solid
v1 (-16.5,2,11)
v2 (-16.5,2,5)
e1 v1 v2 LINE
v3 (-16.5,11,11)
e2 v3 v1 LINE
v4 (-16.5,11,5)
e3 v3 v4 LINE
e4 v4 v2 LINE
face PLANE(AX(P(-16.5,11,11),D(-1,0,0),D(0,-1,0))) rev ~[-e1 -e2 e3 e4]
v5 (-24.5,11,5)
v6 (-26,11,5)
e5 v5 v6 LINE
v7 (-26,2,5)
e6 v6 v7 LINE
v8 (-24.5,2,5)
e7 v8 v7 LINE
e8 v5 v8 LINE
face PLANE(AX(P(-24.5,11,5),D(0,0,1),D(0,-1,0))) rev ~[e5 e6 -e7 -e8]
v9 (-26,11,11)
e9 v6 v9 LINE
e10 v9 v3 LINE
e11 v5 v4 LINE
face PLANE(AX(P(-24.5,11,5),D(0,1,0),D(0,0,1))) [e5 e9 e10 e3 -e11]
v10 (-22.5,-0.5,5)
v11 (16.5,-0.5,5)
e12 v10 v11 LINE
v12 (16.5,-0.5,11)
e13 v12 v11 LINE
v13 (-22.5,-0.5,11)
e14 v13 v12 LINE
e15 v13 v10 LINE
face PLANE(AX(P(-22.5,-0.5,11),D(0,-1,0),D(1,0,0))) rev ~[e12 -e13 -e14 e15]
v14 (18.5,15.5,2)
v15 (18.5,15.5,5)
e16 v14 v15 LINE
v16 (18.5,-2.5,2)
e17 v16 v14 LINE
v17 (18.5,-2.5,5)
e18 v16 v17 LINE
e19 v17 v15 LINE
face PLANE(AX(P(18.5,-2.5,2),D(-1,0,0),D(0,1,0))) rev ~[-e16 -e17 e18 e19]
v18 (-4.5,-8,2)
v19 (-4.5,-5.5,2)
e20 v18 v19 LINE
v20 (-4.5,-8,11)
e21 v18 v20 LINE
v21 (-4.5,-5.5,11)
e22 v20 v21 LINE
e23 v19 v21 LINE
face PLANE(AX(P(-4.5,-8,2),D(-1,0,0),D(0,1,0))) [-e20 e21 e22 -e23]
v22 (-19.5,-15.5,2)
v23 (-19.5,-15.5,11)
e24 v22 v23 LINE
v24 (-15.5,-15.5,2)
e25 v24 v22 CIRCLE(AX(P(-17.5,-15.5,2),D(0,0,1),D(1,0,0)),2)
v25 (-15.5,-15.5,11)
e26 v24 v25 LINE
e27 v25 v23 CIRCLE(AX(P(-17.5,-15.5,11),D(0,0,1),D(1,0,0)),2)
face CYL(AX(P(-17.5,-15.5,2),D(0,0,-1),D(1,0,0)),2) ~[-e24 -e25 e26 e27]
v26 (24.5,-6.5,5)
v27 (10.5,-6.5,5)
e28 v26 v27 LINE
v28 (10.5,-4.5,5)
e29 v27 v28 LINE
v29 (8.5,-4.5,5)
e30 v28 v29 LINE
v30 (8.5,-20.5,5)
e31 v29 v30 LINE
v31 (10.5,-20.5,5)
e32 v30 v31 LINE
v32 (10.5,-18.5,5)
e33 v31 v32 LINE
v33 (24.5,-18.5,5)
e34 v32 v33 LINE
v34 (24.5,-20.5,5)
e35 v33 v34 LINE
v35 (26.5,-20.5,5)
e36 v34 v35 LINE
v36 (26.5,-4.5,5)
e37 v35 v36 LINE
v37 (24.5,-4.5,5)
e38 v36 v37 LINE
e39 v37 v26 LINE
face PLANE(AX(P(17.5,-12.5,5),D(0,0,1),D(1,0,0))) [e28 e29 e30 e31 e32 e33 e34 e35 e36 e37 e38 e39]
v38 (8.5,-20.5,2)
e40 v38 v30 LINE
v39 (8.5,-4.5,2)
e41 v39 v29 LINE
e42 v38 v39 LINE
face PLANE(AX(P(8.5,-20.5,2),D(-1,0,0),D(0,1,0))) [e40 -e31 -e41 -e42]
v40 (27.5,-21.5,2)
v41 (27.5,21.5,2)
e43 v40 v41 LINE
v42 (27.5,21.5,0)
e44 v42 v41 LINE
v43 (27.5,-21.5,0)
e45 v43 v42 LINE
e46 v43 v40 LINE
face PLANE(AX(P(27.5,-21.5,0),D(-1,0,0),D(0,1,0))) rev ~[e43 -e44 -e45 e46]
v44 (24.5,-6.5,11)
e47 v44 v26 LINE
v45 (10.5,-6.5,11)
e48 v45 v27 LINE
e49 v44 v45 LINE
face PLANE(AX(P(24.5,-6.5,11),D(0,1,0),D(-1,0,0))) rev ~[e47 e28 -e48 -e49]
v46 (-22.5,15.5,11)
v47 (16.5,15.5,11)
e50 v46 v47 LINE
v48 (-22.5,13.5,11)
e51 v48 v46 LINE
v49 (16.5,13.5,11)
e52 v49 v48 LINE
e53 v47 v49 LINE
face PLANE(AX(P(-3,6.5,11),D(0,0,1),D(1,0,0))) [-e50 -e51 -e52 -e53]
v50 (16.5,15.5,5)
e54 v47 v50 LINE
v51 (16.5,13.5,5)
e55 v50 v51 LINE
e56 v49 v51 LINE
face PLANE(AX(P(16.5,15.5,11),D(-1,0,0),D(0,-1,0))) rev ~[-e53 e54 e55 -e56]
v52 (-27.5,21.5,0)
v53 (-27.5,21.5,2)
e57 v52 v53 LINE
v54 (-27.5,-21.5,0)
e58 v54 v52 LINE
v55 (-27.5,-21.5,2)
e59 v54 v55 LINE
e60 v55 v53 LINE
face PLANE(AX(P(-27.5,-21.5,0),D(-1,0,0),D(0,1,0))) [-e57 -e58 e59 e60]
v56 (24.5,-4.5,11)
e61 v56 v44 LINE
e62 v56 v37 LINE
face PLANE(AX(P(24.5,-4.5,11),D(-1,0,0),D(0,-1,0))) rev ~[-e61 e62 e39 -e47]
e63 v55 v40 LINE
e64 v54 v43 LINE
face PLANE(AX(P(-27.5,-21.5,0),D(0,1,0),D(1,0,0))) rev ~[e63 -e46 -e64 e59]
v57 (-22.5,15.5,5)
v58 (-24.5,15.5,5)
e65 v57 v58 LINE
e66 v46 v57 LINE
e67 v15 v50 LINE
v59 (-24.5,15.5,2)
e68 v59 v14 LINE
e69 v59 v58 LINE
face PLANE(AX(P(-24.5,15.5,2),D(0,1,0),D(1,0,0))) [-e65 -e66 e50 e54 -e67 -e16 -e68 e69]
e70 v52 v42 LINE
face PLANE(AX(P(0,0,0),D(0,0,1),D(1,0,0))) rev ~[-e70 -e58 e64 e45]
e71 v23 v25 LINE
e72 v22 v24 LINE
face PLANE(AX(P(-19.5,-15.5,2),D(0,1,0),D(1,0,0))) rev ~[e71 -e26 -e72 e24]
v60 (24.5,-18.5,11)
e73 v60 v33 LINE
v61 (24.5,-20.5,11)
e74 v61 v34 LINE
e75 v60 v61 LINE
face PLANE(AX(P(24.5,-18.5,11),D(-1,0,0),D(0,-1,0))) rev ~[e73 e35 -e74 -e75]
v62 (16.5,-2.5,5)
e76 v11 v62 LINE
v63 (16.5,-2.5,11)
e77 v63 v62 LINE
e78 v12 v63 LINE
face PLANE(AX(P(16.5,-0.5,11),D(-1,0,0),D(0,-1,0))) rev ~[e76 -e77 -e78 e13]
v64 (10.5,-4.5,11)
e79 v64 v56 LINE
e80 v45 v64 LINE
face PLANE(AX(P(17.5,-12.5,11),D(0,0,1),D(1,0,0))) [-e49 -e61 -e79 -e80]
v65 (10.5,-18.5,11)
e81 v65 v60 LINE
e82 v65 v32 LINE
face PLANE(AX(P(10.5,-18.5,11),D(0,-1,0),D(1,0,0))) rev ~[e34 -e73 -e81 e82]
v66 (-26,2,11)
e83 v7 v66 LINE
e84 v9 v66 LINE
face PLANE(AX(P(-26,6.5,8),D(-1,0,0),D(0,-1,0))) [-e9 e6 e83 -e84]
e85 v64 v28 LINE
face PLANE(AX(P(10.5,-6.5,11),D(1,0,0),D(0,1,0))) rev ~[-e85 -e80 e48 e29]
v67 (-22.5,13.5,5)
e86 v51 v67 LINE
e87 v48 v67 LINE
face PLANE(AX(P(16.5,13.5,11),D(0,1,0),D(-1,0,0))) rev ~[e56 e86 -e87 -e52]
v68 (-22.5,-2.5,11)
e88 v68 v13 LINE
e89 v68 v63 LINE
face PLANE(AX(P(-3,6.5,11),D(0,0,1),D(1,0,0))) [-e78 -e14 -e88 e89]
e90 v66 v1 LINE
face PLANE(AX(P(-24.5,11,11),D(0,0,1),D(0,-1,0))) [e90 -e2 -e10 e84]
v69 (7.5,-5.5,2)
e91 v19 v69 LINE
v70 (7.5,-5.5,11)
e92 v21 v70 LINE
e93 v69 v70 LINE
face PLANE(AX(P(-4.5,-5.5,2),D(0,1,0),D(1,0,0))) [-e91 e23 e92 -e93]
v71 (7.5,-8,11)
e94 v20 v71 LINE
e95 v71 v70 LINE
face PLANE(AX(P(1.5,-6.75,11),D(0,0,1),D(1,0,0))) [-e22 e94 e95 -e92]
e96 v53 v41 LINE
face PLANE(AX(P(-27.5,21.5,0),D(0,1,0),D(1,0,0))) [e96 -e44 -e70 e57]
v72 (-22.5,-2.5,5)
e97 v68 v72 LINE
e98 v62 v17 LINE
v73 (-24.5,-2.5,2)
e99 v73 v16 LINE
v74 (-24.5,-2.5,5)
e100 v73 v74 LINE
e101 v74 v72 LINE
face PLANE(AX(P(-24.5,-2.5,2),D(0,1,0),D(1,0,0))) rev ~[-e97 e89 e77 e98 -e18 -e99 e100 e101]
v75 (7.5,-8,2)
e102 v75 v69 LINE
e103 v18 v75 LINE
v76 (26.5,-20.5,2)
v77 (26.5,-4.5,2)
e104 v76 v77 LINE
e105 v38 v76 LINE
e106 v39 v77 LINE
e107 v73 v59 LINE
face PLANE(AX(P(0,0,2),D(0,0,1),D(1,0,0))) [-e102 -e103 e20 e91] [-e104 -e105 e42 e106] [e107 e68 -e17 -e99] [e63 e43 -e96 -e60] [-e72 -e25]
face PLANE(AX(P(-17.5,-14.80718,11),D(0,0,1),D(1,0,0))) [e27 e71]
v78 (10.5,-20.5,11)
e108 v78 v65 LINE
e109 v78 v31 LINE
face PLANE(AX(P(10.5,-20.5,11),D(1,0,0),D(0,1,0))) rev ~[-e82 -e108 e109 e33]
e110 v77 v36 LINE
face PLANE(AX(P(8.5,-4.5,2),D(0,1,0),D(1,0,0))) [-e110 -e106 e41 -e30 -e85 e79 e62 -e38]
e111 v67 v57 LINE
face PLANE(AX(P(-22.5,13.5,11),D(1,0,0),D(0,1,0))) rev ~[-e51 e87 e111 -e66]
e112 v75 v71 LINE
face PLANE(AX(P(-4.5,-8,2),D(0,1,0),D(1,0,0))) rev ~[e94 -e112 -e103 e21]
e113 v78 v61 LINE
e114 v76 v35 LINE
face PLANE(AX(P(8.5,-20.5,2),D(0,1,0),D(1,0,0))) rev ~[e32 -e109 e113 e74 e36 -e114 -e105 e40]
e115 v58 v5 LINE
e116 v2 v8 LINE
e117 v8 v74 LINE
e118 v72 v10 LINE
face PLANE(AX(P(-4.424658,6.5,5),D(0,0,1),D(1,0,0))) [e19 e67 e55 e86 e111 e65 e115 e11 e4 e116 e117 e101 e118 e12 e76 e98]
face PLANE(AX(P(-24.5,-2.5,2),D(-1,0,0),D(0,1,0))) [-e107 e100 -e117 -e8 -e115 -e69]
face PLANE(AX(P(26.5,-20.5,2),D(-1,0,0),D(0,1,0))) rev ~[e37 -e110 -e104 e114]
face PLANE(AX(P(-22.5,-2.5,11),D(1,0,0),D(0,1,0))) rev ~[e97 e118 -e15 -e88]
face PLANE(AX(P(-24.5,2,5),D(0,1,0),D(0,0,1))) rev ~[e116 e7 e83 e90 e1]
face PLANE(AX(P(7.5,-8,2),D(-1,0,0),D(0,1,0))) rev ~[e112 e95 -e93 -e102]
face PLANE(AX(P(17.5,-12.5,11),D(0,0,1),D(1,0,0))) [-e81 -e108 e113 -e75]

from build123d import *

# Parameters (mm, degrees)
F0_W     = 55
F0_H     = 43
F1_DEPTH = 2
F2_W     = 43
F2_H     = 18
F2_W_2   = 12
F2_H_2   = 2.5
F2_W_3   = 18
F2_H_3   = 16
F3_DEPTH = 9
F5_DEPTH = 6
F6_W     = 9
F6_H     = 6
F7_DEPTH = 1.5


with BuildPart() as f1:
    # F0 (on Top) → F1 (new body)
    with BuildSketch(Plane.XY):
        Rectangle(F0_W, F0_H)
    extrude(amount=F1_DEPTH)

    # F2 (on face) → F3 (join)
    with BuildSketch(Plane.XY.offset(2)):
        with Locations((-3, 6.5)):
            Rectangle(F2_W, F2_H)
        with Locations((1.5, -6.75)):
            Rectangle(F2_W_2, F2_H_2)
        with Locations((17.5, -12.5)):
            Rectangle(F2_W_3, F2_H_3)
        with BuildLine():
            ThreePointArc((-15.5, -15.5), (-17.5, -13.5), (-19.5, -15.5))
            Line((-19.5, -15.5), (-15.5, -15.5))
        make_face()
    extrude(amount=F3_DEPTH)

    # F4 (on face) → F5 (cut)
    with BuildSketch(Plane.XY.offset(11)):
        Polygon((-22.5, 13.5), (-22.5, 15.5), (-24.5, 15.5), (-24.5, 11), (-16.5, 11), (-16.5, 2), (-24.5, 2), (-24.5, -2.5), (-22.5, -2.5), (-22.5, -0.5), (16.5, -0.5), (16.5, -2.5), (18.5, -2.5), (18.5, 15.5), (16.5, 15.5), (16.5, 13.5), align=None)
        Polygon((10.5, -4.5), (8.5, -4.5), (8.5, -20.5), (10.5, -20.5), (10.5, -18.5), (24.5, -18.5), (24.5, -20.5), (26.5, -20.5), (26.5, -4.5), (24.5, -4.5), (24.5, -6.5), (10.5, -6.5), align=None)
    extrude(amount=-F5_DEPTH, mode=Mode.SUBTRACT)

    # F6 (on face) → F7 (join)
    with BuildSketch(Plane(origin=(-24.5, 0, 0), x_dir=(0, -1, 0), z_dir=(-1, 0, 0))):
        with Locations((-6.5, 8)):
            Rectangle(F6_W, F6_H)
    extrude(amount=F7_DEPTH)


solid = f1.part
